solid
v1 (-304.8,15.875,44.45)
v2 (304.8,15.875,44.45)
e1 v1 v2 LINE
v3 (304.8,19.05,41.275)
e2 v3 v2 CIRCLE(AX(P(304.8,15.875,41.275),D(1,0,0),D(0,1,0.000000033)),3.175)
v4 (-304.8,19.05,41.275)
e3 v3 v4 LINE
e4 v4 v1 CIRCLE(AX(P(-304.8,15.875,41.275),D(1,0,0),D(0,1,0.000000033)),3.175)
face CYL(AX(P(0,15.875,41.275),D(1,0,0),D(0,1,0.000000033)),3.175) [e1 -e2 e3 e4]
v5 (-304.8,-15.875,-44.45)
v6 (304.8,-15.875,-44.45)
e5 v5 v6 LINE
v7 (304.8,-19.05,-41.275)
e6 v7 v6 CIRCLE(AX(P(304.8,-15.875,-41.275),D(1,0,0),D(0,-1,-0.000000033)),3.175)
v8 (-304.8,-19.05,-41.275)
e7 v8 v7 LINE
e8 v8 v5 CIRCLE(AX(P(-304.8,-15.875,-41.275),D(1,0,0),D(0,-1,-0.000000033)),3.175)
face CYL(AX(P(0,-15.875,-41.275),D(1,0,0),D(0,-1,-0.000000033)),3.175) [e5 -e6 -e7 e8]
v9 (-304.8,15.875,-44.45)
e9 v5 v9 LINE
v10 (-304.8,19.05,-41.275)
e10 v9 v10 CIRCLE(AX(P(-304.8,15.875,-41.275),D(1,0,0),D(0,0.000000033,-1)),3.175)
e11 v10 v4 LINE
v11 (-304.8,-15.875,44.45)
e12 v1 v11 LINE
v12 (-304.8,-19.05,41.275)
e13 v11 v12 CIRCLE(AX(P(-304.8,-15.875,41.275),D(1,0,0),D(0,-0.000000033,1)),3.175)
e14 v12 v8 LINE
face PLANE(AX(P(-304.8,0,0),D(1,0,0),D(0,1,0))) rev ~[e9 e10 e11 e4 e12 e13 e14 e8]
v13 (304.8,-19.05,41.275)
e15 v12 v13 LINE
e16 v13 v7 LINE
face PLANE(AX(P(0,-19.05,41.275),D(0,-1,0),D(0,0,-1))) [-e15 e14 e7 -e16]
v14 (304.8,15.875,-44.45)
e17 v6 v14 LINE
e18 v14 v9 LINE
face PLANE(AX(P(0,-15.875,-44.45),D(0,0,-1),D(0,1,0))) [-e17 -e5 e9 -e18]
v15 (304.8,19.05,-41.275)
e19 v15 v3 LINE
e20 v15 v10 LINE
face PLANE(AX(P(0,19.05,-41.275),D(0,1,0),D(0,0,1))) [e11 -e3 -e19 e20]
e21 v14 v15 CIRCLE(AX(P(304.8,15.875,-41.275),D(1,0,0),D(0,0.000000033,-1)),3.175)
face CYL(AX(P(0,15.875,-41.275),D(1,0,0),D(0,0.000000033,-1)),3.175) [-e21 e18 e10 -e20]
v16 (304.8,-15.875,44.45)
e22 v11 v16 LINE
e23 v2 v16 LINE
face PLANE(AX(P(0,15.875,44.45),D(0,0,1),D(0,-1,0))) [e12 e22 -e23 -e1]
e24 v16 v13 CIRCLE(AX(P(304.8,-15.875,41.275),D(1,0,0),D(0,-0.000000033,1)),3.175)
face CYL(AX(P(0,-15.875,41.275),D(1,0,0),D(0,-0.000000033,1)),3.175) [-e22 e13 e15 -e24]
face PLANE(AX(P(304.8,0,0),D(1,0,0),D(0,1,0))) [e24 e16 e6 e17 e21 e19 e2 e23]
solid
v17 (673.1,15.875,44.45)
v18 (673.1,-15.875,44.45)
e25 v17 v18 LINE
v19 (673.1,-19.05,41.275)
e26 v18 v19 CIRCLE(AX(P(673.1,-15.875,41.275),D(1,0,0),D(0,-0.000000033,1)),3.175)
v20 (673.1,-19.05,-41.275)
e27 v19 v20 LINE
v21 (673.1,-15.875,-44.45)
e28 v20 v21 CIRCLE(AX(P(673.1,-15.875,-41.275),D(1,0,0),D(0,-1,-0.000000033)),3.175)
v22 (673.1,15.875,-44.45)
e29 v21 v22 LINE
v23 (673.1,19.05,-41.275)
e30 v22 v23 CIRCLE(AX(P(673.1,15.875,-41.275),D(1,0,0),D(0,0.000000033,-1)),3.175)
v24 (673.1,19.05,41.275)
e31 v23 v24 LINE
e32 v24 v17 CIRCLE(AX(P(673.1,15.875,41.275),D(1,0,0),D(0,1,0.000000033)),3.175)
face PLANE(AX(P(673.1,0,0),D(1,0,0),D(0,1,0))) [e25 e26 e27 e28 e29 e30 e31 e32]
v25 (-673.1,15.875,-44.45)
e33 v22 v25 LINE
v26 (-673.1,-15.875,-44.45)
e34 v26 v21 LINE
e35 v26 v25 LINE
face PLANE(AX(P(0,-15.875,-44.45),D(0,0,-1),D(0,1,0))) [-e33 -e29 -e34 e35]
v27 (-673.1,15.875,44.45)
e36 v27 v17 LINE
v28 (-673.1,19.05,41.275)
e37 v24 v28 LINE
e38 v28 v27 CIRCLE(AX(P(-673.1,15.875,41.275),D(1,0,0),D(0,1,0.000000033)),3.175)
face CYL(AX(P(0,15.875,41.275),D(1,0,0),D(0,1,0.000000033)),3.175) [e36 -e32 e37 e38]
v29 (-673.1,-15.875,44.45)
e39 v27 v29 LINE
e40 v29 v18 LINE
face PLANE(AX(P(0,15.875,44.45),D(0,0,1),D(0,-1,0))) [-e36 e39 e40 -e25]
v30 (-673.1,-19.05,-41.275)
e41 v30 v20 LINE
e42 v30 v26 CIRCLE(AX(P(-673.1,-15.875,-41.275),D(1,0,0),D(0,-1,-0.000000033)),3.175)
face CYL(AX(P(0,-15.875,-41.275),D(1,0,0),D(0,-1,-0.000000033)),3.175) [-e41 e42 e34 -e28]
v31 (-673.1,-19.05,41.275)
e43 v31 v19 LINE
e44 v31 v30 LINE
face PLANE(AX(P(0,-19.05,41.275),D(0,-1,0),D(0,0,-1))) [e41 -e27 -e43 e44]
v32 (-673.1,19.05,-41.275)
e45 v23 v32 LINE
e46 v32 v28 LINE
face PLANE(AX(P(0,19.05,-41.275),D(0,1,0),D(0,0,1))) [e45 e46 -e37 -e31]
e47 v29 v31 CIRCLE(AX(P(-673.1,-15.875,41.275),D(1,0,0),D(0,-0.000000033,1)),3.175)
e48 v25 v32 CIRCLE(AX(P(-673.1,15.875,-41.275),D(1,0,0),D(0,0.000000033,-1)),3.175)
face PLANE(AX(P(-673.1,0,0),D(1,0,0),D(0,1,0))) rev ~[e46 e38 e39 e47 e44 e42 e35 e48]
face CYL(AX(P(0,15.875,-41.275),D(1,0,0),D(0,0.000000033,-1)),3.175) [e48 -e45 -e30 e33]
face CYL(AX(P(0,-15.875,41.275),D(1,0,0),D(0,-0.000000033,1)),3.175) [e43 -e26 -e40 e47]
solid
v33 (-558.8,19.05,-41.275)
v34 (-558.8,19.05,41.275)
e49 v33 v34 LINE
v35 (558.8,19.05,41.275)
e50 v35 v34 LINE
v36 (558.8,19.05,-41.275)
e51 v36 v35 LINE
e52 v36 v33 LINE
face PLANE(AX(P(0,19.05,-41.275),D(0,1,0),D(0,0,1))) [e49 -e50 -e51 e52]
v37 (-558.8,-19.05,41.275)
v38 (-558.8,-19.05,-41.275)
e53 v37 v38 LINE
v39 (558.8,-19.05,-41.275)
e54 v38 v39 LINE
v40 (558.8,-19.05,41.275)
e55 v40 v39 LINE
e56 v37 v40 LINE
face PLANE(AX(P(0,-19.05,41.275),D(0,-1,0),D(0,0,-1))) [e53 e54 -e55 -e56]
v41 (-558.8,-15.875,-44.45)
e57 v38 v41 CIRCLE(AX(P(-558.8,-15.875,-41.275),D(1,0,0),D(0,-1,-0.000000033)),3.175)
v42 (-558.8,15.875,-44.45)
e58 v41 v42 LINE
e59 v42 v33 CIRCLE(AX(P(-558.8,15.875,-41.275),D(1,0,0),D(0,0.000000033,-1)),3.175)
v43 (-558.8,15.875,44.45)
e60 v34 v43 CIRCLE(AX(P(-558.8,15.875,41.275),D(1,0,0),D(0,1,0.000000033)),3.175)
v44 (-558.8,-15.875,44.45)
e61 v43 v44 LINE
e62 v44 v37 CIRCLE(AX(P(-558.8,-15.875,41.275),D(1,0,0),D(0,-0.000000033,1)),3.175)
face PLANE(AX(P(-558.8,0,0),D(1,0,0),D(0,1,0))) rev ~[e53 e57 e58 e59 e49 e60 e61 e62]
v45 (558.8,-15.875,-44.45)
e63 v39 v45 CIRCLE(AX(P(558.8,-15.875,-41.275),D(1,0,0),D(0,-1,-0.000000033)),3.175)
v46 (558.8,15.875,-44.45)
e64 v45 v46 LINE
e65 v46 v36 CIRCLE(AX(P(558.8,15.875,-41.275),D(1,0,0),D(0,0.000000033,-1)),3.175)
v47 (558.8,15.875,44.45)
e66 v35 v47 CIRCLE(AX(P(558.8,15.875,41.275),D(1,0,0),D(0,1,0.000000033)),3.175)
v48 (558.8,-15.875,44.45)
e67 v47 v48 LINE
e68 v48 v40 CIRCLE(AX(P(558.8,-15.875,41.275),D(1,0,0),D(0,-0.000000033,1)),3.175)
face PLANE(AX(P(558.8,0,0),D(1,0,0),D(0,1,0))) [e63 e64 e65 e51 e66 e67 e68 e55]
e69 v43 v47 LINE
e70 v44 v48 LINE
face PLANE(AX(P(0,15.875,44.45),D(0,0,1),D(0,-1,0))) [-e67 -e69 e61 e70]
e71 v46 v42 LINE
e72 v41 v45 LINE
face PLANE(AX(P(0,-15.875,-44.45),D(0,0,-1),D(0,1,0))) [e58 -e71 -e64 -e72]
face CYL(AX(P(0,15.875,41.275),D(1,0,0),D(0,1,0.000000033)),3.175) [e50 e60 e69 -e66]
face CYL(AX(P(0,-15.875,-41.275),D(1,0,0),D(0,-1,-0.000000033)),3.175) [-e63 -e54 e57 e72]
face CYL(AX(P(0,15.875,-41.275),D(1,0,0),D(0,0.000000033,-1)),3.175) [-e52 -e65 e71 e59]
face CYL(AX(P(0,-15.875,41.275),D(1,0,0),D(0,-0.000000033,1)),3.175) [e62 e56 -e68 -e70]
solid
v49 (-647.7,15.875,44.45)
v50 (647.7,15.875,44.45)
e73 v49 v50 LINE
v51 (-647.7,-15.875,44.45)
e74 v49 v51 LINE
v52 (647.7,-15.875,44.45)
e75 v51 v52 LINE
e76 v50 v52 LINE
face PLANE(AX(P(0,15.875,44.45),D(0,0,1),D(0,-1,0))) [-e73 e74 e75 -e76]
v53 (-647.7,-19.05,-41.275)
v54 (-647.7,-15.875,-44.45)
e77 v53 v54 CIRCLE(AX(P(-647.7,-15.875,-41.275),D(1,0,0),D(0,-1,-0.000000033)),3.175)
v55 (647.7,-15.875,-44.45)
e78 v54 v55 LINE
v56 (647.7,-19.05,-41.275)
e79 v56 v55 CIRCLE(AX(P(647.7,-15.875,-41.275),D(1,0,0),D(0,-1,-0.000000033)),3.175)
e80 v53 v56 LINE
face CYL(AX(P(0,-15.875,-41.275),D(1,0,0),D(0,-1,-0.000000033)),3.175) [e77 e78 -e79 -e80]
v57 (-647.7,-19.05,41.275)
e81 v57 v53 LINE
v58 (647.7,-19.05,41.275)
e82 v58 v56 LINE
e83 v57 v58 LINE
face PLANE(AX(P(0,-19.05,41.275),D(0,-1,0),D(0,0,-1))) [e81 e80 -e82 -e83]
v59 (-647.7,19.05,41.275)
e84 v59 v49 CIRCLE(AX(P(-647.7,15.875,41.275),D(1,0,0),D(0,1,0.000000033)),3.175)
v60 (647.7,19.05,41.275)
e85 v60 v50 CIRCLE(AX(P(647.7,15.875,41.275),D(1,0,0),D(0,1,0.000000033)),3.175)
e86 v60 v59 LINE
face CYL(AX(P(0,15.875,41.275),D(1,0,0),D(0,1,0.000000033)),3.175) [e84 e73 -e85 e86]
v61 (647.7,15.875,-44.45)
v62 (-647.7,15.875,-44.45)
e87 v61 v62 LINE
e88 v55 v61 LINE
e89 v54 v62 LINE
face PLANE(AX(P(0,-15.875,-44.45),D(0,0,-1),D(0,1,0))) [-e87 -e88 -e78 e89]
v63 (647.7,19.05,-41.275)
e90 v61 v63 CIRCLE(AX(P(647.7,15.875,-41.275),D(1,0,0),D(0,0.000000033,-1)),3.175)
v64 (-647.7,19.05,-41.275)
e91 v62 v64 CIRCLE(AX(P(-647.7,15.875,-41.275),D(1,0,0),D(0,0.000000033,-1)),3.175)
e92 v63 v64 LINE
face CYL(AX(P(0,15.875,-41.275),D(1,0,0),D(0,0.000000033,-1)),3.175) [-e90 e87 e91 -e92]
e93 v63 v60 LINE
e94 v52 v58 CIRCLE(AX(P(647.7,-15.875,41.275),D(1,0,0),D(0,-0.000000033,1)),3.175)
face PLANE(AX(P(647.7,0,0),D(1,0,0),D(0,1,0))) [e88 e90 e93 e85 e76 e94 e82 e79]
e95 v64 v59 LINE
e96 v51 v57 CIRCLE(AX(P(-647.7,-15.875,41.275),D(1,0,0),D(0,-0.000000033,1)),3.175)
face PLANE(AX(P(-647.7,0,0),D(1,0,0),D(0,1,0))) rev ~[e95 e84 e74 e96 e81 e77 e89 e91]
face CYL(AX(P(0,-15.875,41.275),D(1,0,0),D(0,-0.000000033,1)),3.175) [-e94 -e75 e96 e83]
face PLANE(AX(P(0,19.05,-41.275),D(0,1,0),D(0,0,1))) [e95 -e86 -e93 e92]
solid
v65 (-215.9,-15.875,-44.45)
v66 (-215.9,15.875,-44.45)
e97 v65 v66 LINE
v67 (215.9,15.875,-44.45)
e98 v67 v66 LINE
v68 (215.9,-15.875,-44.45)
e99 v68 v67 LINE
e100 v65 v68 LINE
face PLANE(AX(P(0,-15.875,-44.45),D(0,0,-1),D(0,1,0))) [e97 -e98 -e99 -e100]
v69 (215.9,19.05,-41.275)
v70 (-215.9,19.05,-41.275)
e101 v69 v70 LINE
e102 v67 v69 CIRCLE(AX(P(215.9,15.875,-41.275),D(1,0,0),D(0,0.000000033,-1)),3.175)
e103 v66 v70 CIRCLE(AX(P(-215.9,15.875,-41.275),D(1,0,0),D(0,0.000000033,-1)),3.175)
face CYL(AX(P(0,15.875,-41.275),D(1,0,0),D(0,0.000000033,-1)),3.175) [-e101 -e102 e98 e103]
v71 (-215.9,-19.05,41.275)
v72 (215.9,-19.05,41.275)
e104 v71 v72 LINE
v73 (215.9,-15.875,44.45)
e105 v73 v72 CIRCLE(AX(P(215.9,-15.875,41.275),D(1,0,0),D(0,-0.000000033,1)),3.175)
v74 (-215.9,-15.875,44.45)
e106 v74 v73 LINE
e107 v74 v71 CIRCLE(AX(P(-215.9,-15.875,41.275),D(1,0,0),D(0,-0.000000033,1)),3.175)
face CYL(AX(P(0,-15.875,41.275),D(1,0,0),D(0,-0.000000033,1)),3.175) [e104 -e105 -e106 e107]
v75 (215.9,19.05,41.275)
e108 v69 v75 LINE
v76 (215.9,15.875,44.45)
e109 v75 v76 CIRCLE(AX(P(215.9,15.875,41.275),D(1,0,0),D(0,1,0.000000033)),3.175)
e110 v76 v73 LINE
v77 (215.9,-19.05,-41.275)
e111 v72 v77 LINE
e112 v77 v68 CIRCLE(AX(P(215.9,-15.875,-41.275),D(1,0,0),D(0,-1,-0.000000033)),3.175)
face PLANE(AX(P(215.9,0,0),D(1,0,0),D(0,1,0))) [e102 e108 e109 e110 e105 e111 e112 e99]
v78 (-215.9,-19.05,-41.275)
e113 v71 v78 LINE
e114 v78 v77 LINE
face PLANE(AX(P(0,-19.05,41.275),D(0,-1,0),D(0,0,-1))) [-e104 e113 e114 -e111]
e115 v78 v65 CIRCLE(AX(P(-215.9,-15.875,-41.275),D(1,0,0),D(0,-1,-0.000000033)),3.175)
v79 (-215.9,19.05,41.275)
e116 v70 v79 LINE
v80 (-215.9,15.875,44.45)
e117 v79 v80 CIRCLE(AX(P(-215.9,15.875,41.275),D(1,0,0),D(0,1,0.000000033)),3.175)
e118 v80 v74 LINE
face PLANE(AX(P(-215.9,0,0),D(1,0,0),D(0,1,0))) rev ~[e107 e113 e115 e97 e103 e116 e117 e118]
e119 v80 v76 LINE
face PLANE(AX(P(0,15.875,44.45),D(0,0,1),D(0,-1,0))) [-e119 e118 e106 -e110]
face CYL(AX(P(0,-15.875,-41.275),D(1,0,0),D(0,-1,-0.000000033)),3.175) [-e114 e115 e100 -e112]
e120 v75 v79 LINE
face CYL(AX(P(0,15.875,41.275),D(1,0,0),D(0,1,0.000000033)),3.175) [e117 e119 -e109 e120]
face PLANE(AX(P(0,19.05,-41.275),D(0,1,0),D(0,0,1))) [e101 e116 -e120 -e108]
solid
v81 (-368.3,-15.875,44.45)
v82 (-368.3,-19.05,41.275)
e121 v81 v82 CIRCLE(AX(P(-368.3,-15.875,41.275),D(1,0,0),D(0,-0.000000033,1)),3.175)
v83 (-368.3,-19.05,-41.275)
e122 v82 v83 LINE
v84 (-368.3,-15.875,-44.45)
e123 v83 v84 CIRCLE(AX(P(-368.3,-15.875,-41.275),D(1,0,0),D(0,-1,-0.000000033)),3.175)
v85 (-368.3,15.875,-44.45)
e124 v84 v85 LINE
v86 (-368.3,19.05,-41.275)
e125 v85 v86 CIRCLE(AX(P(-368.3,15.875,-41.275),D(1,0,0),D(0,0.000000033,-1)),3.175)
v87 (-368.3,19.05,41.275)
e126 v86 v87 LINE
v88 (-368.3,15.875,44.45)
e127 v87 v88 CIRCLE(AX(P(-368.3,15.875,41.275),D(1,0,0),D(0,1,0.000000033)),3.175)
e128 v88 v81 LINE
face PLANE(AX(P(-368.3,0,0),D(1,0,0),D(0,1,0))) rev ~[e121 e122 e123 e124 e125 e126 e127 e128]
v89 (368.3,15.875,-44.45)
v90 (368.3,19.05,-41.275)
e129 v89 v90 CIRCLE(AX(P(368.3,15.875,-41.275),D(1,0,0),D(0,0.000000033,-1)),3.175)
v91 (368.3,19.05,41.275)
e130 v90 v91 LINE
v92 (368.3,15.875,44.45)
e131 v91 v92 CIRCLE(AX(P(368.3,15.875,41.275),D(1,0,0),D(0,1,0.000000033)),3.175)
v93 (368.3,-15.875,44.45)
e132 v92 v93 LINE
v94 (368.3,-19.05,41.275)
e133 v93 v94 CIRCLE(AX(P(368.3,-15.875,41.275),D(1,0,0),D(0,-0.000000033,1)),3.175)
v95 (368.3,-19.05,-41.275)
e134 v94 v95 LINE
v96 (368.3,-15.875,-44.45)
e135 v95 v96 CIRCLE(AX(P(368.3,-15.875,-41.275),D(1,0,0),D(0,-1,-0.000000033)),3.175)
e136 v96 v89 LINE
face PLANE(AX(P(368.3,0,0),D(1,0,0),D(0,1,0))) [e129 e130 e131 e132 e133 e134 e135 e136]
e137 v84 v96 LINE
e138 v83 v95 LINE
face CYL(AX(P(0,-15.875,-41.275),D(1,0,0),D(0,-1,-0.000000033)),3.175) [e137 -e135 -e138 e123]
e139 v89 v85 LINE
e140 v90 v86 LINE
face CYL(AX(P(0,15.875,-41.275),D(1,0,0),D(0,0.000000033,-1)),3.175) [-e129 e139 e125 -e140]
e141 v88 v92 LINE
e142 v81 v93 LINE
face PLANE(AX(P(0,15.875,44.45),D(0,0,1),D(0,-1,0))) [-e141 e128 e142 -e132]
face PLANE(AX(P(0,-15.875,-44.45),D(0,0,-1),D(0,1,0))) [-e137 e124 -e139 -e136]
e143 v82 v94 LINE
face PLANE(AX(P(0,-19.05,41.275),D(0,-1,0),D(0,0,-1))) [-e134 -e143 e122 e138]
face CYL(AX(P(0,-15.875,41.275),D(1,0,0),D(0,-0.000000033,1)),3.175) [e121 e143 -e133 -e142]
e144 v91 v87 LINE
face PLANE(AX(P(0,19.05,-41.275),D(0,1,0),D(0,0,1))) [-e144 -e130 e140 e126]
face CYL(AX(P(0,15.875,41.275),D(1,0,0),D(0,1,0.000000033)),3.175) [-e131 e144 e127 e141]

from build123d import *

# Parameters (mm, degrees)
F1_DEPTH = 368.3
F2_DEPTH = 215.9
F3_DEPTH = 304.8
F4_DEPTH = 558.8
F5_DEPTH = 647.7
F6_DEPTH = 673.1


with BuildPart() as f1:
    # F0 (on Right) → F1 (new body, symmetric)
    with BuildSketch(Plane.YZ):
        with BuildLine():
            ThreePointArc((19.05, 41.275), (18.120064, 43.520064), (15.875, 44.45))
            Line((15.875, 44.45), (-15.875, 44.45))
            ThreePointArc((-15.875, 44.45), (-18.120064, 43.520064), (-19.05, 41.275))
            Line((-19.05, 41.275), (-19.05, -41.275))
            ThreePointArc((-19.05, -41.275), (-18.120064, -43.520064), (-15.875, -44.45))
            Line((-15.875, -44.45), (15.875, -44.45))
            ThreePointArc((15.875, -44.45), (18.120064, -43.520064), (19.05, -41.275))
            Line((19.05, -41.275), (19.05, 41.275))
        make_face()
    extrude(amount=F1_DEPTH, both=True)


with BuildPart() as f2:
    # F0 (on Right) → F2 (new body, symmetric)
    with BuildSketch(Plane.YZ):
        with BuildLine():
            ThreePointArc((19.05, 41.275), (18.120064, 43.520064), (15.875, 44.45))
            Line((15.875, 44.45), (-15.875, 44.45))
            ThreePointArc((-15.875, 44.45), (-18.120064, 43.520064), (-19.05, 41.275))
            Line((-19.05, 41.275), (-19.05, -41.275))
            ThreePointArc((-19.05, -41.275), (-18.120064, -43.520064), (-15.875, -44.45))
            Line((-15.875, -44.45), (15.875, -44.45))
            ThreePointArc((15.875, -44.45), (18.120064, -43.520064), (19.05, -41.275))
            Line((19.05, -41.275), (19.05, 41.275))
        make_face()
    extrude(amount=F2_DEPTH, both=True)


with BuildPart() as f3:
    # F0 (on Right) → F3 (new body, symmetric)
    with BuildSketch(Plane.YZ):
        with BuildLine():
            ThreePointArc((19.05, 41.275), (18.120064, 43.520064), (15.875, 44.45))
            Line((15.875, 44.45), (-15.875, 44.45))
            ThreePointArc((-15.875, 44.45), (-18.120064, 43.520064), (-19.05, 41.275))
            Line((-19.05, 41.275), (-19.05, -41.275))
            ThreePointArc((-19.05, -41.275), (-18.120064, -43.520064), (-15.875, -44.45))
            Line((-15.875, -44.45), (15.875, -44.45))
            ThreePointArc((15.875, -44.45), (18.120064, -43.520064), (19.05, -41.275))
            Line((19.05, -41.275), (19.05, 41.275))
        make_face()
    extrude(amount=F3_DEPTH, both=True)


with BuildPart() as f4:
    # F0 (on Right) → F4 (new body, symmetric)
    with BuildSketch(Plane.YZ):
        with BuildLine():
            ThreePointArc((19.05, 41.275), (18.120064, 43.520064), (15.875, 44.45))
            Line((15.875, 44.45), (-15.875, 44.45))
            ThreePointArc((-15.875, 44.45), (-18.120064, 43.520064), (-19.05, 41.275))
            Line((-19.05, 41.275), (-19.05, -41.275))
            ThreePointArc((-19.05, -41.275), (-18.120064, -43.520064), (-15.875, -44.45))
            Line((-15.875, -44.45), (15.875, -44.45))
            ThreePointArc((15.875, -44.45), (18.120064, -43.520064), (19.05, -41.275))
            Line((19.05, -41.275), (19.05, 41.275))
        make_face()
    extrude(amount=F4_DEPTH, both=True)


with BuildPart() as f5:
    # F0 (on Right) → F5 (new body, symmetric)
    with BuildSketch(Plane.YZ):
        with BuildLine():
            ThreePointArc((19.05, 41.275), (18.120064, 43.520064), (15.875, 44.45))
            Line((15.875, 44.45), (-15.875, 44.45))
            ThreePointArc((-15.875, 44.45), (-18.120064, 43.520064), (-19.05, 41.275))
            Line((-19.05, 41.275), (-19.05, -41.275))
            ThreePointArc((-19.05, -41.275), (-18.120064, -43.520064), (-15.875, -44.45))
            Line((-15.875, -44.45), (15.875, -44.45))
            ThreePointArc((15.875, -44.45), (18.120064, -43.520064), (19.05, -41.275))
            Line((19.05, -41.275), (19.05, 41.275))
        make_face()
    extrude(amount=F5_DEPTH, both=True)


with BuildPart() as f6:
    # F0 (on Right) → F6 (new body, symmetric)
    with BuildSketch(Plane.YZ):
        with BuildLine():
            ThreePointArc((19.05, 41.275), (18.120064, 43.520064), (15.875, 44.45))
            Line((15.875, 44.45), (-15.875, 44.45))
            ThreePointArc((-15.875, 44.45), (-18.120064, 43.520064), (-19.05, 41.275))
            Line((-19.05, 41.275), (-19.05, -41.275))
            ThreePointArc((-19.05, -41.275), (-18.120064, -43.520064), (-15.875, -44.45))
            Line((-15.875, -44.45), (15.875, -44.45))
            ThreePointArc((15.875, -44.45), (18.120064, -43.520064), (19.05, -41.275))
            Line((19.05, -41.275), (19.05, 41.275))
        make_face()
    extrude(amount=F6_DEPTH, both=True)


solid = Compound([f1.part, f2.part, f3.part, f4.part, f5.part, f6.part])
